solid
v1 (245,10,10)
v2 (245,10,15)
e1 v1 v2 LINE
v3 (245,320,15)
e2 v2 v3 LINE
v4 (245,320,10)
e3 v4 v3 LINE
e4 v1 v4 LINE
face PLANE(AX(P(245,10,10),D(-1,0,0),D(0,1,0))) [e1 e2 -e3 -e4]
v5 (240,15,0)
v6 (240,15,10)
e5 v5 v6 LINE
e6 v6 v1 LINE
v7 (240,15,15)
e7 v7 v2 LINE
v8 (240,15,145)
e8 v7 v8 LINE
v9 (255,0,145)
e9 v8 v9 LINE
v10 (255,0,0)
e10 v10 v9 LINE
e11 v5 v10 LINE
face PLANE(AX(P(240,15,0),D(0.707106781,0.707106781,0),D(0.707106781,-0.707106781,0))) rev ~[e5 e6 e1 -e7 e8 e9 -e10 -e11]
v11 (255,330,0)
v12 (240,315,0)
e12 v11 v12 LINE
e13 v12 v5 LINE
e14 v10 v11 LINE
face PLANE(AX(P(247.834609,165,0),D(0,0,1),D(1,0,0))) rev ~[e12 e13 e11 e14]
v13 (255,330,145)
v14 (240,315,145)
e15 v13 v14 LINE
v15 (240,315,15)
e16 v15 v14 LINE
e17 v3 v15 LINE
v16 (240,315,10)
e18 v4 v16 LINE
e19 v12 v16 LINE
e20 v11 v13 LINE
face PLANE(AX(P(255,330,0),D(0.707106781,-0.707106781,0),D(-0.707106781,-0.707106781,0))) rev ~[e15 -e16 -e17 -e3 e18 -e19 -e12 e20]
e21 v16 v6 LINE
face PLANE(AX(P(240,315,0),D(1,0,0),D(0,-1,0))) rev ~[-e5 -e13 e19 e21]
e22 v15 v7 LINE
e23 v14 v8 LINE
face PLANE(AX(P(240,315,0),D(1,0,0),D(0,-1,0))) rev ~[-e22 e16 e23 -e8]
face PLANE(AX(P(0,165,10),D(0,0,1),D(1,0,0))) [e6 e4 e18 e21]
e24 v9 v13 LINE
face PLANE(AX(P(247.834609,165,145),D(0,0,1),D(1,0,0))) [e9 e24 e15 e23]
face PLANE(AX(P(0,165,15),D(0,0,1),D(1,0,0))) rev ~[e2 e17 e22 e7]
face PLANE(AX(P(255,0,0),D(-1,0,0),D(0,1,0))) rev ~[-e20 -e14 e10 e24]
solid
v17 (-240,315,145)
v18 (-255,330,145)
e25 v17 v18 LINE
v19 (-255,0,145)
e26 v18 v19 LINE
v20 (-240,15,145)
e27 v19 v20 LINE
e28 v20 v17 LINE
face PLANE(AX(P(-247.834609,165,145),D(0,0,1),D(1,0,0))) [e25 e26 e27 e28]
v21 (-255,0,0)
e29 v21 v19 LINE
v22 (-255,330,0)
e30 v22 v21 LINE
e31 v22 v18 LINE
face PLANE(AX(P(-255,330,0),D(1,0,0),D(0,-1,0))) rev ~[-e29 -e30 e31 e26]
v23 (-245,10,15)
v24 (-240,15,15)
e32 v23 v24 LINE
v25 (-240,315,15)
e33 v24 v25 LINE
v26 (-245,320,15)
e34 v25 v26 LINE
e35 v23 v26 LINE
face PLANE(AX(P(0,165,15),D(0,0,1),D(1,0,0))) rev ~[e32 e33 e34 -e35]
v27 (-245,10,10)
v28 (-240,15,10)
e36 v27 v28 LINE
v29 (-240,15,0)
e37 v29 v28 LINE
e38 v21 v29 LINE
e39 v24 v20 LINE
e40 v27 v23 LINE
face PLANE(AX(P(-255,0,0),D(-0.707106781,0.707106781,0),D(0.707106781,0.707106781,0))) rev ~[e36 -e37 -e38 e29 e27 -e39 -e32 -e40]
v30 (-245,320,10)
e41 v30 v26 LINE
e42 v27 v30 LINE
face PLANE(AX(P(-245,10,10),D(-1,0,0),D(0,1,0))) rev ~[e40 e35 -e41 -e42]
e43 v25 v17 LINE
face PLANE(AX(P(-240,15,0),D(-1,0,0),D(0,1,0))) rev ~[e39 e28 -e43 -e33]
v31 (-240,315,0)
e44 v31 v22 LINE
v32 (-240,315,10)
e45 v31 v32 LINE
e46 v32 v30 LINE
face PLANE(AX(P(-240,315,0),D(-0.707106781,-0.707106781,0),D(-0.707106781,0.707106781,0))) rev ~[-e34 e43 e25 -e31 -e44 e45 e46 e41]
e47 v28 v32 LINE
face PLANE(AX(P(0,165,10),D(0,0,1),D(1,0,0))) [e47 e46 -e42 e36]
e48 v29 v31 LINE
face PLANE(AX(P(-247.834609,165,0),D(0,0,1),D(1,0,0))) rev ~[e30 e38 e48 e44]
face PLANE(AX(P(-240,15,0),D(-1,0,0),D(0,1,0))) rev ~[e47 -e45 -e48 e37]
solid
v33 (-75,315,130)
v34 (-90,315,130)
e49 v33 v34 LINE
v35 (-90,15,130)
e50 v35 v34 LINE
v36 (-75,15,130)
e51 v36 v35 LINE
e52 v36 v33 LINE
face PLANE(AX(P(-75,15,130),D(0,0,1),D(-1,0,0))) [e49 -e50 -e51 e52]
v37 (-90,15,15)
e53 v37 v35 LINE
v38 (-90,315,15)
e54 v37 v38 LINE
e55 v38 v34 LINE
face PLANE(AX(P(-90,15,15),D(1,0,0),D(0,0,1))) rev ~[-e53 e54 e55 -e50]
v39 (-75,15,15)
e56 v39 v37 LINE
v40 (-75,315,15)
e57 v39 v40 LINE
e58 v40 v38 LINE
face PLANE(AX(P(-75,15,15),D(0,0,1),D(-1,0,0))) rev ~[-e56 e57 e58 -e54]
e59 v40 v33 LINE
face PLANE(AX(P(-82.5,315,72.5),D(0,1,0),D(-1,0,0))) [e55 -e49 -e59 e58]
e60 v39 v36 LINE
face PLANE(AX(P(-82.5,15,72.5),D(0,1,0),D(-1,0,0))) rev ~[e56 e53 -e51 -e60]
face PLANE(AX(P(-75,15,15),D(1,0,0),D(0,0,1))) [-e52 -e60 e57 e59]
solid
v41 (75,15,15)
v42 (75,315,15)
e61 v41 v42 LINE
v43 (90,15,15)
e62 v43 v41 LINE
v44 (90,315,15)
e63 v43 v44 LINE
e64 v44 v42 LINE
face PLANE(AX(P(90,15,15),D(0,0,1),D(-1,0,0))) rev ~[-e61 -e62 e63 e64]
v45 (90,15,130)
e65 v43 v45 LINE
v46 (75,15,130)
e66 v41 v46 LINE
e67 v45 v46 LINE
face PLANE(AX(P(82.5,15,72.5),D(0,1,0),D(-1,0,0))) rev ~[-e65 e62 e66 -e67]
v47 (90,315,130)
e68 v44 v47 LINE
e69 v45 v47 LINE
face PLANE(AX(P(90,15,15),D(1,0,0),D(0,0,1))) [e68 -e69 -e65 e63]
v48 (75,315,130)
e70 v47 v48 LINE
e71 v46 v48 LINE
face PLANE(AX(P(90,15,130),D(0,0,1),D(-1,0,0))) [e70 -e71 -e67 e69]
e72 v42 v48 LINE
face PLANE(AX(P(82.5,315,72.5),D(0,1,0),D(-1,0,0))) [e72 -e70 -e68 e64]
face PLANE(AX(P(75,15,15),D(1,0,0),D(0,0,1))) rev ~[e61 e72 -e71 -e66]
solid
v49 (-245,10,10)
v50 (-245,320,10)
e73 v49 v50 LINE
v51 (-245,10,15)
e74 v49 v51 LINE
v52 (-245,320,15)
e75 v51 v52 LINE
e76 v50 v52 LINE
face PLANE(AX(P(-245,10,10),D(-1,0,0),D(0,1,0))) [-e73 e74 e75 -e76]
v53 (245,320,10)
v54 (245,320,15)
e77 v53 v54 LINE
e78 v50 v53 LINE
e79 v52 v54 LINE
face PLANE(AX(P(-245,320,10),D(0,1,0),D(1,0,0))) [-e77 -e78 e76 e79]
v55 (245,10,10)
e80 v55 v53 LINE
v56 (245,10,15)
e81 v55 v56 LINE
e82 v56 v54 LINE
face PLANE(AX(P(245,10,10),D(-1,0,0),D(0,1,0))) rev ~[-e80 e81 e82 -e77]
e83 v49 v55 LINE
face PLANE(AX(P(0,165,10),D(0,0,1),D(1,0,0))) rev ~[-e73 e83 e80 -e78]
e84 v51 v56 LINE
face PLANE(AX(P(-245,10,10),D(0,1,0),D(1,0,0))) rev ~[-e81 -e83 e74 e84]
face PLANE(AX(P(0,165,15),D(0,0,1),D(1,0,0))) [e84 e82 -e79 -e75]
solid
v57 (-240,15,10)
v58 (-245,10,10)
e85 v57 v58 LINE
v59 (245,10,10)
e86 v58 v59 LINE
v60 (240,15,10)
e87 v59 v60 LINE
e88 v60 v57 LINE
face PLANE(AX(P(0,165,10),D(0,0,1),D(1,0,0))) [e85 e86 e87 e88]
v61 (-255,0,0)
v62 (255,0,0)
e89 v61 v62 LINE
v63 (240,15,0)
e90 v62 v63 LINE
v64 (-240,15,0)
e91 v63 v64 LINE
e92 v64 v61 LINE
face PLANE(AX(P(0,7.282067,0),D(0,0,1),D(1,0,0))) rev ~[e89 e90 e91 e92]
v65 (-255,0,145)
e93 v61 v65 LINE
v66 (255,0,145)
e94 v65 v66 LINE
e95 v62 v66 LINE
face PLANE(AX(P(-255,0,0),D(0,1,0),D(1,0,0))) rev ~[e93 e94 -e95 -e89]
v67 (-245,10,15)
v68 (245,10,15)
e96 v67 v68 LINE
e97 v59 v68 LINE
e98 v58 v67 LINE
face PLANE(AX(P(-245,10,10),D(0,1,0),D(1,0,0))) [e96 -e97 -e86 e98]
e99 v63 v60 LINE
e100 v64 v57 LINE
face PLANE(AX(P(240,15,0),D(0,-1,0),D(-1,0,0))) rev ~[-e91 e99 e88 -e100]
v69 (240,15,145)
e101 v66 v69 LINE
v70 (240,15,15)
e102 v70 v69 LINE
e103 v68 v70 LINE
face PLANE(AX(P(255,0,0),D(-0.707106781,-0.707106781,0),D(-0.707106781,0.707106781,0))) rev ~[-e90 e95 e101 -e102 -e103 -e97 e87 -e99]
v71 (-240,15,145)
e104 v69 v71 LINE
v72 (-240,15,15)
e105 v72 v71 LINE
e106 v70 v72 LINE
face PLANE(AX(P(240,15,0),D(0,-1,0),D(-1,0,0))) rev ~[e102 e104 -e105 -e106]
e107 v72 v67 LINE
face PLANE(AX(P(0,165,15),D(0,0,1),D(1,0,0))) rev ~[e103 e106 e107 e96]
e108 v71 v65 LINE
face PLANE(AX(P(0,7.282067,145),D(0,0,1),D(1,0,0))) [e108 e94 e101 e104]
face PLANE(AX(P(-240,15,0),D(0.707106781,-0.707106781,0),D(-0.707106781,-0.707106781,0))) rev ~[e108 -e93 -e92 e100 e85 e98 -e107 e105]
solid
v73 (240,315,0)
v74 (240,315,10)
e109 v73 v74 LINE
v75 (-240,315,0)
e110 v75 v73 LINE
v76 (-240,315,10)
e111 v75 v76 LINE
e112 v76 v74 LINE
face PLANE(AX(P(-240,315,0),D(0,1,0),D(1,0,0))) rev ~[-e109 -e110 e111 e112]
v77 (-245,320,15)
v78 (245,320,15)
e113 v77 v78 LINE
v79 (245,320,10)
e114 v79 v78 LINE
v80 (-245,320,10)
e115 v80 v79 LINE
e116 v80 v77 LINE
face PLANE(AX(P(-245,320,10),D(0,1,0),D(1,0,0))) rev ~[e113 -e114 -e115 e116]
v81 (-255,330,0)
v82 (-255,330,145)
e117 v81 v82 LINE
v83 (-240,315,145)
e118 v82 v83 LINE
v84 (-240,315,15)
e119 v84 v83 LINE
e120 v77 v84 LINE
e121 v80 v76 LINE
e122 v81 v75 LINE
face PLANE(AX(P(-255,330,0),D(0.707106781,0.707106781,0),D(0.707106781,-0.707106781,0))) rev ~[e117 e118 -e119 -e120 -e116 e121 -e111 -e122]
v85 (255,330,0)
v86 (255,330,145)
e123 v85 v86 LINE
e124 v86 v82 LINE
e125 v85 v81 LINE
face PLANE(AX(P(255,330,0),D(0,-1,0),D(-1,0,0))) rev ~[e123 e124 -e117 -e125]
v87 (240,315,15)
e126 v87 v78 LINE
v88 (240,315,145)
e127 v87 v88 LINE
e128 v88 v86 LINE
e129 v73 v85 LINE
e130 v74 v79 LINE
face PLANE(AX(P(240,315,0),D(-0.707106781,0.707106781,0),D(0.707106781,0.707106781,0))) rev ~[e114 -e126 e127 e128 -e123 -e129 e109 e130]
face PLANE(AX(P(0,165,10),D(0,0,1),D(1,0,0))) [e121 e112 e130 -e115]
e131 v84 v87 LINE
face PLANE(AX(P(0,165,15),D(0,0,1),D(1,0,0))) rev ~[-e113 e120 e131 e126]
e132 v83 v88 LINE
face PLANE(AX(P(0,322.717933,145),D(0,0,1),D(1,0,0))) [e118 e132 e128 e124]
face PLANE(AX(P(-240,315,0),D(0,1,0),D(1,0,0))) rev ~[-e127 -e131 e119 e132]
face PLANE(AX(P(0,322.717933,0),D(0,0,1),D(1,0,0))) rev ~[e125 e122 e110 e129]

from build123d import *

# Parameters (mm, degrees)
F3_W      = 490
F3_H      = 310
F4_DEPTH  = 5
F6_DEPTH  = 145
F7_DEPTH  = 145
F10_W     = 15
F10_H     = 115
F11_DEPTH = 300


with BuildPart() as f4:
    # F3 (on plane+point) → F4 (new body, through all)
    with BuildSketch(Plane.XY.offset(10)):
        with Locations((0, 165)):
            Rectangle(F3_W, F3_H)
    extrude(amount=F4_DEPTH)


with BuildPart() as f6:
    # F5 (on Top) → F6 (new body, through all)
    with BuildSketch(Plane.XY):
        Polygon((240, 15), (-240, 15), (-255, 0), (255, 0), align=None)
    extrude(amount=F6_DEPTH)

    # F8: cut F4
    add(f4.part, mode=Mode.SUBTRACT)


with BuildPart() as f6b:
    # F5 (on Top) → F6, piece 2 (new body, through all)
    with BuildSketch(Plane.XY):
        Polygon((-255, 330), (-240, 315), (240, 315), (255, 330), align=None)
    extrude(amount=F6_DEPTH)

    # F8: cut F4
    add(f4.part, mode=Mode.SUBTRACT)


with BuildPart() as f7:
    # F5 (on Top) → F7 (new body, through all)
    with BuildSketch(Plane.XY):
        Polygon((-255, 0), (-240, 15), (-240, 315), (-255, 330), align=None)
    extrude(amount=F7_DEPTH)

    # F9: cut F4
    add(f4.part, mode=Mode.SUBTRACT)


with BuildPart() as f7b:
    # F5 (on Top) → F7, piece 2 (new body, through all)
    with BuildSketch(Plane.XY):
        Polygon((240, 315), (240, 15), (255, 0), (255, 330), align=None)
    extrude(amount=F7_DEPTH)

    # F9: cut F4
    add(f4.part, mode=Mode.SUBTRACT)


with BuildPart() as f11:
    # F10 (on face) → F11 (new body, through all)
    with BuildSketch(Plane(origin=(0, 15, 0), x_dir=(-1, 0, 0), z_dir=(0, 1, 0))):
        with Locations((-82.5, 72.5)):
            Rectangle(F10_W, F10_H)
    extrude(amount=F11_DEPTH)


with BuildPart() as f11b:
    # F10 (on face) → F11, piece 2 (new body, through all)
    with BuildSketch(Plane(origin=(0, 15, 0), x_dir=(-1, 0, 0), z_dir=(0, 1, 0))):
        with Locations((82.5, 72.5)):
            Rectangle(F10_W, F10_H)
    extrude(amount=F11_DEPTH)


solid = Compound([f4.part, f6.part, f6b.part, f7.part, f7b.part, f11.part, f11b.part])
